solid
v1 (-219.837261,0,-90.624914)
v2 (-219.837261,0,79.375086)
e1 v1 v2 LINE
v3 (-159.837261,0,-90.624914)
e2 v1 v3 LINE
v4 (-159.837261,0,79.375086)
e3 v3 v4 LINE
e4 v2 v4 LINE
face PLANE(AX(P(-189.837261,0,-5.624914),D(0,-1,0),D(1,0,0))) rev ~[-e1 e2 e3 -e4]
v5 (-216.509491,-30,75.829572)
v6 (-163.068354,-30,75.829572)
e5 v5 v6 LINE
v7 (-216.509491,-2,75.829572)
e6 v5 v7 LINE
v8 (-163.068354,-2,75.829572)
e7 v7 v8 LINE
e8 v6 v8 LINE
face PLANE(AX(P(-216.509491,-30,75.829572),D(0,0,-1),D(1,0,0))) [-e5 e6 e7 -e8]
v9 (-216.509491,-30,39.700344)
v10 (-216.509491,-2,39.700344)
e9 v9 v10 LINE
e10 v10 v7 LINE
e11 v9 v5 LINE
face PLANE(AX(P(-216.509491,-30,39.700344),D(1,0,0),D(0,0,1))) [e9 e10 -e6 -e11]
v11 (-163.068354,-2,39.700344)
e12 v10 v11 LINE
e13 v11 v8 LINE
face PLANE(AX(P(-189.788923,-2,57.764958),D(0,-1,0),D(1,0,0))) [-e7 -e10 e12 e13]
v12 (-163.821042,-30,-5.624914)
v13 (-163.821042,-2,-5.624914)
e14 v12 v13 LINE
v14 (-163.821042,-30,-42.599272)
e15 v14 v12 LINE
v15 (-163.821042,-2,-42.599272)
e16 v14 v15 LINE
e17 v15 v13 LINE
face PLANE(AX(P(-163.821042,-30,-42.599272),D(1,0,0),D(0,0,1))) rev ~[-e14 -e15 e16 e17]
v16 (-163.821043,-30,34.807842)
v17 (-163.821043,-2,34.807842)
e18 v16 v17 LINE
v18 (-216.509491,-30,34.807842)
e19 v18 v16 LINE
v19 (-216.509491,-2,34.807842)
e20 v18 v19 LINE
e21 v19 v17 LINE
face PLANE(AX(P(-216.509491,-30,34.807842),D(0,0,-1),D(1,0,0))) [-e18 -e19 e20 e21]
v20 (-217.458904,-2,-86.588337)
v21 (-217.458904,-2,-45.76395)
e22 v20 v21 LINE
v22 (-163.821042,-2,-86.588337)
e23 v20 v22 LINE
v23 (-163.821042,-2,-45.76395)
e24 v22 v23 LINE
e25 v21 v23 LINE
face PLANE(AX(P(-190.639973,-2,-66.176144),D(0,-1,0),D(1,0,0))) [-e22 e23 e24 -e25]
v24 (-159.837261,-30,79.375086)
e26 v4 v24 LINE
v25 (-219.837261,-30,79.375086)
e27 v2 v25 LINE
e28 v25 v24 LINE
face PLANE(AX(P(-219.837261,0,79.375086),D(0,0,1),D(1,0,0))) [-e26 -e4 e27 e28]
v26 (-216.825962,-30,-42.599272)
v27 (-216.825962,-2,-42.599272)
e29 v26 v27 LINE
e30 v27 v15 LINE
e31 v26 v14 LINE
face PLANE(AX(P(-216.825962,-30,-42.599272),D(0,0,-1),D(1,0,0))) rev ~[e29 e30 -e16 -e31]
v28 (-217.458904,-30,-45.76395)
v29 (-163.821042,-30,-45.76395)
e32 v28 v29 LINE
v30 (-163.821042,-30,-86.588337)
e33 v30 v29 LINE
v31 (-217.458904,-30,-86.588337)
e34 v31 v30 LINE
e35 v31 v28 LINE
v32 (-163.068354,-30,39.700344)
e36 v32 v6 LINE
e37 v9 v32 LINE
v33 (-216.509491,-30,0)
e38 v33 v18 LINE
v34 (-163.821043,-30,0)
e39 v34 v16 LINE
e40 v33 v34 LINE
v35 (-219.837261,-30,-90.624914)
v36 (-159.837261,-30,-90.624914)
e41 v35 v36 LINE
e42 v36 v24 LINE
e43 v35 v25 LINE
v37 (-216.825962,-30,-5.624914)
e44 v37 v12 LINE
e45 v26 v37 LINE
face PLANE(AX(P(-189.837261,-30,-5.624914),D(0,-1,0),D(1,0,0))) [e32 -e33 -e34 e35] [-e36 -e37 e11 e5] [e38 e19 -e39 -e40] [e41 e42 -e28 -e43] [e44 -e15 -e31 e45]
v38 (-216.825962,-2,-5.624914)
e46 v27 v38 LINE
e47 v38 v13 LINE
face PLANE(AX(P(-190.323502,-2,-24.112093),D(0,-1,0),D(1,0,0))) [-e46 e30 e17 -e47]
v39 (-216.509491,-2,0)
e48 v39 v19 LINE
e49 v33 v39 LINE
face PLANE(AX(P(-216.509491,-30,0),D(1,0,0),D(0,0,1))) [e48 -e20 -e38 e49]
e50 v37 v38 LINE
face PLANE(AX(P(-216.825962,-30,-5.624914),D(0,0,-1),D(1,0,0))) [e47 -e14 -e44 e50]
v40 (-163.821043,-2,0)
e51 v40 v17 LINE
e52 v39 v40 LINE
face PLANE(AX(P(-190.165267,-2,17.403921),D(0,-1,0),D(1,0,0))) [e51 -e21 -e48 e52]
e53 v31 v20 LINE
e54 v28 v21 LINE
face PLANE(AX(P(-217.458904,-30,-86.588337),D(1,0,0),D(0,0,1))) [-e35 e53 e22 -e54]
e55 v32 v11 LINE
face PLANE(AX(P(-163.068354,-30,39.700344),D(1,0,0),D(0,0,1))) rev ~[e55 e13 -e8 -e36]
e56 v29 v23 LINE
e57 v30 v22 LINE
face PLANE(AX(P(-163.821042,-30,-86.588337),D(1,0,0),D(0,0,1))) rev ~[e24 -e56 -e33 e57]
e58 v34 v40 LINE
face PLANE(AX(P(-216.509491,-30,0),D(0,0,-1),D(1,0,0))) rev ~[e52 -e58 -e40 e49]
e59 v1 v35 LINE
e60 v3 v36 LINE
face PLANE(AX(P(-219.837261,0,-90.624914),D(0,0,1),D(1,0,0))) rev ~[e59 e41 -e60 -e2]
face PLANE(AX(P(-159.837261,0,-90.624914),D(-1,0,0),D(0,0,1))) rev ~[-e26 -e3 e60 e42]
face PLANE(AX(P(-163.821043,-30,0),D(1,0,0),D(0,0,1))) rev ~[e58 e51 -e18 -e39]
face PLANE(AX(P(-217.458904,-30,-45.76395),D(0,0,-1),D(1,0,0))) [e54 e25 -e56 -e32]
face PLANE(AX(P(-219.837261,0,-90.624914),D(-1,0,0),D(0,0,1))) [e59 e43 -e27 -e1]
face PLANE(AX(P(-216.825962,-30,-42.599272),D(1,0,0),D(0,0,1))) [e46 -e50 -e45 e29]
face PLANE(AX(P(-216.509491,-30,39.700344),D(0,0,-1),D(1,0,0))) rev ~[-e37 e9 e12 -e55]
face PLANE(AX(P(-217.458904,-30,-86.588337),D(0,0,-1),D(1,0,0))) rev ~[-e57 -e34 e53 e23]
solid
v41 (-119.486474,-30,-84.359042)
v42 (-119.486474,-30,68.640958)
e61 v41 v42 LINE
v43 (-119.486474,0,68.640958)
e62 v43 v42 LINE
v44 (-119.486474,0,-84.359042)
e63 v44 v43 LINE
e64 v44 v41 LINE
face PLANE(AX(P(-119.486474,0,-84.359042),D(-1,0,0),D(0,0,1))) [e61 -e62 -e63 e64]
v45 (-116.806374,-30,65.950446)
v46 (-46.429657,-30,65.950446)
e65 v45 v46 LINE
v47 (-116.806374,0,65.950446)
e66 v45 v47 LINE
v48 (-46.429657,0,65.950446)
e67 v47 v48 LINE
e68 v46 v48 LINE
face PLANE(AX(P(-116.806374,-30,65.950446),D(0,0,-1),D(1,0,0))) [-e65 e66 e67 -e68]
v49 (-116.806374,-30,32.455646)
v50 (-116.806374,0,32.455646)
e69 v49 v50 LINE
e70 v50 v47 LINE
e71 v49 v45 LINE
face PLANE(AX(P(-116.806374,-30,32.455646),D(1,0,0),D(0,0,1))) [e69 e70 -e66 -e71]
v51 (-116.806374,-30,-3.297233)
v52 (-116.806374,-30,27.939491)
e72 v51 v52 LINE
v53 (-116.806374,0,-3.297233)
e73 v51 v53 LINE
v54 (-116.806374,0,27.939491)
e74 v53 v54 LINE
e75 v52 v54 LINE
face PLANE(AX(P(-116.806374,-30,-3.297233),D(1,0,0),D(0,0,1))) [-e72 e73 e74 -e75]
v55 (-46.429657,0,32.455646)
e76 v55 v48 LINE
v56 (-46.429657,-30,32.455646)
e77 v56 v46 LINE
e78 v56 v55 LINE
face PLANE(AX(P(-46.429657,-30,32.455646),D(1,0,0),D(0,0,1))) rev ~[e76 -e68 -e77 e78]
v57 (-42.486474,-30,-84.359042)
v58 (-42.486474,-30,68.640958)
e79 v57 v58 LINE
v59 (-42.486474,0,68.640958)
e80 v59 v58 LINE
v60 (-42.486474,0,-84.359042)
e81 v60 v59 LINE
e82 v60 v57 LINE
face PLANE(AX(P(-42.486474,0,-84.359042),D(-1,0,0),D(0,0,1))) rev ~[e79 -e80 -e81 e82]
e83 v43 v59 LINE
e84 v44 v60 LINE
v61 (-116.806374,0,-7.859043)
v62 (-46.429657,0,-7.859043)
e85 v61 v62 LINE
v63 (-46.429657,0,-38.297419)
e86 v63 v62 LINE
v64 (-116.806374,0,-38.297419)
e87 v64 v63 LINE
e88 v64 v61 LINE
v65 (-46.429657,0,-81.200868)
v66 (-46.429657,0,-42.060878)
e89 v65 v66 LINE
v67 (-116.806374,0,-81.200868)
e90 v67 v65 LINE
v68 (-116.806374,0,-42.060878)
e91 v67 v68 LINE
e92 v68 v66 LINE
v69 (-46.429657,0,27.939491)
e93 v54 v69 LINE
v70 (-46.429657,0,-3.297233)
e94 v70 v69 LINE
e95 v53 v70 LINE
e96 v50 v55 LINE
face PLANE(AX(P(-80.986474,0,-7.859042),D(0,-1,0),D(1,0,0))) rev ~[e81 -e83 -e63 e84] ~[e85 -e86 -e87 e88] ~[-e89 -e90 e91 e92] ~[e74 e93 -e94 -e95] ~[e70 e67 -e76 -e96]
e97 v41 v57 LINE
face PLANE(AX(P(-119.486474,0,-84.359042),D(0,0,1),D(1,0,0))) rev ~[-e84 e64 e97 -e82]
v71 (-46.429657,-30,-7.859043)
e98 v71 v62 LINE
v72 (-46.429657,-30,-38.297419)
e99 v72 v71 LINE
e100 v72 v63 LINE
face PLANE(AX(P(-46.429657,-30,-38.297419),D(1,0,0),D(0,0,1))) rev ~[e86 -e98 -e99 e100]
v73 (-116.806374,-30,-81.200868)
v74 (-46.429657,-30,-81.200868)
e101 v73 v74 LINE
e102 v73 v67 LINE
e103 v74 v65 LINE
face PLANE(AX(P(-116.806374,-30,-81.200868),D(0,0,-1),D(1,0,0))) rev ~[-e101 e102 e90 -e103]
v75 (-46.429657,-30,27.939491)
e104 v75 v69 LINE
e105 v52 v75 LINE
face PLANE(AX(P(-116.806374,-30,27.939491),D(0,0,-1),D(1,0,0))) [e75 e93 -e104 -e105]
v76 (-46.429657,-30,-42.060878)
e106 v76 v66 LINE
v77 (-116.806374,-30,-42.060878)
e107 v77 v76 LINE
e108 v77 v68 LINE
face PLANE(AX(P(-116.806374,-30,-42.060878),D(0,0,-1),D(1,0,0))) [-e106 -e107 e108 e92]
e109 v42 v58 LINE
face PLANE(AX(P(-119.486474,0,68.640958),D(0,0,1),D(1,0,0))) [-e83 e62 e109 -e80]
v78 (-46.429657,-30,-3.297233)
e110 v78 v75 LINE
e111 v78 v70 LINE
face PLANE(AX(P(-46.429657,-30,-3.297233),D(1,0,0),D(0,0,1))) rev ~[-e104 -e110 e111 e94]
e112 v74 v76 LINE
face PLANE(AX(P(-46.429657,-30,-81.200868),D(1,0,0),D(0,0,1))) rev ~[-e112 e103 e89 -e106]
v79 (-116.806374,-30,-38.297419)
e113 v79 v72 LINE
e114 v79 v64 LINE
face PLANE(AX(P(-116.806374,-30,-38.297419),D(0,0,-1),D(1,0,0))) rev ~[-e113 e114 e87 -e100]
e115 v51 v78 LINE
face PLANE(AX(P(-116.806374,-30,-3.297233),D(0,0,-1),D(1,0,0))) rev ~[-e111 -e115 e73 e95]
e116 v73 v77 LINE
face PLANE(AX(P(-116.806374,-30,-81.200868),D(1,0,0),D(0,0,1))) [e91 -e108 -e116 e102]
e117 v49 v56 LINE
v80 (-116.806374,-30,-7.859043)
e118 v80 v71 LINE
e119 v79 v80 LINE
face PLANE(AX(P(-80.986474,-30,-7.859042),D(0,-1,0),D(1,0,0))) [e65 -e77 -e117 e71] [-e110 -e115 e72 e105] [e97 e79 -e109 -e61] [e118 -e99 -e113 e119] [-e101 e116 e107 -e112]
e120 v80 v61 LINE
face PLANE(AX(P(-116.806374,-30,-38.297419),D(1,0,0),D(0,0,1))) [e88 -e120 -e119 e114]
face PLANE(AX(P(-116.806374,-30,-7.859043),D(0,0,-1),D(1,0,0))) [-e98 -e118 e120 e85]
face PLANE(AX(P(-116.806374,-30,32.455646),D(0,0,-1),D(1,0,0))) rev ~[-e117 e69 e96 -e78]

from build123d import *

# Parameters (mm, degrees)
F0_W     = 60
F0_H     = 170
F1_DEPTH = 30
F2_W     = 53.441137
F2_H     = 36.129229
F2_W_2   = 52.688449
F2_H_2   = 34.807842
F2_W_3   = 53.00492
F2_H_3   = 36.974358
F2_W_4   = 53.637862
F2_H_4   = 40.824387
F3_DEPTH = 28
F4_W     = 77
F4_H     = 153
F5_DEPTH = 30
F6_W     = 70.376717
F6_H     = 33.4948
F6_H_2   = 31.236724
F6_H_3   = 30.438377
F6_H_4   = 39.13999
F7_DEPTH = 30


with BuildPart() as f1:
    # F0 (on Front) → F1 (new body)
    with BuildSketch(Plane.XZ):
        with Locations((-189.837261, -5.624914)):
            Rectangle(F0_W, F0_H)
    extrude(amount=F1_DEPTH)

    # F2 (on face) → F3 (cut)
    with BuildSketch(Plane.XZ.offset(30)):
        with Locations((-189.788923, 57.764958)):
            Rectangle(F2_W, F2_H)
        with Locations((-190.165267, 17.403921)):
            Rectangle(F2_W_2, F2_H_2)
        with Locations((-190.323502, -24.112093)):
            Rectangle(F2_W_3, F2_H_3)
        with Locations((-190.639973, -66.176144)):
            Rectangle(F2_W_4, F2_H_4)
    extrude(amount=-F3_DEPTH, mode=Mode.SUBTRACT)


with BuildPart() as f5:
    # F4 (on Front) → F5 (new body)
    with BuildSketch(Plane.XZ):
        with Locations((-80.986474, -7.859042)):
            Rectangle(F4_W, F4_H)
    extrude(amount=F5_DEPTH)

    # F6 (on face) → F7 (cut)
    with BuildSketch(Plane.XZ.offset(30)):
        with Locations((-81.618015, 49.203046)):
            Rectangle(F6_W, F6_H)
        with Locations((-81.618015, 12.321129)):
            Rectangle(F6_W, F6_H_2)
        with Locations((-81.618015, -23.078231)):
            Rectangle(F6_W, F6_H_3)
        with Locations((-81.618015, -61.630873)):
            Rectangle(F6_W, F6_H_4)
    extrude(amount=-F7_DEPTH, mode=Mode.SUBTRACT)


solid = Compound([f1.part, f5.part])
